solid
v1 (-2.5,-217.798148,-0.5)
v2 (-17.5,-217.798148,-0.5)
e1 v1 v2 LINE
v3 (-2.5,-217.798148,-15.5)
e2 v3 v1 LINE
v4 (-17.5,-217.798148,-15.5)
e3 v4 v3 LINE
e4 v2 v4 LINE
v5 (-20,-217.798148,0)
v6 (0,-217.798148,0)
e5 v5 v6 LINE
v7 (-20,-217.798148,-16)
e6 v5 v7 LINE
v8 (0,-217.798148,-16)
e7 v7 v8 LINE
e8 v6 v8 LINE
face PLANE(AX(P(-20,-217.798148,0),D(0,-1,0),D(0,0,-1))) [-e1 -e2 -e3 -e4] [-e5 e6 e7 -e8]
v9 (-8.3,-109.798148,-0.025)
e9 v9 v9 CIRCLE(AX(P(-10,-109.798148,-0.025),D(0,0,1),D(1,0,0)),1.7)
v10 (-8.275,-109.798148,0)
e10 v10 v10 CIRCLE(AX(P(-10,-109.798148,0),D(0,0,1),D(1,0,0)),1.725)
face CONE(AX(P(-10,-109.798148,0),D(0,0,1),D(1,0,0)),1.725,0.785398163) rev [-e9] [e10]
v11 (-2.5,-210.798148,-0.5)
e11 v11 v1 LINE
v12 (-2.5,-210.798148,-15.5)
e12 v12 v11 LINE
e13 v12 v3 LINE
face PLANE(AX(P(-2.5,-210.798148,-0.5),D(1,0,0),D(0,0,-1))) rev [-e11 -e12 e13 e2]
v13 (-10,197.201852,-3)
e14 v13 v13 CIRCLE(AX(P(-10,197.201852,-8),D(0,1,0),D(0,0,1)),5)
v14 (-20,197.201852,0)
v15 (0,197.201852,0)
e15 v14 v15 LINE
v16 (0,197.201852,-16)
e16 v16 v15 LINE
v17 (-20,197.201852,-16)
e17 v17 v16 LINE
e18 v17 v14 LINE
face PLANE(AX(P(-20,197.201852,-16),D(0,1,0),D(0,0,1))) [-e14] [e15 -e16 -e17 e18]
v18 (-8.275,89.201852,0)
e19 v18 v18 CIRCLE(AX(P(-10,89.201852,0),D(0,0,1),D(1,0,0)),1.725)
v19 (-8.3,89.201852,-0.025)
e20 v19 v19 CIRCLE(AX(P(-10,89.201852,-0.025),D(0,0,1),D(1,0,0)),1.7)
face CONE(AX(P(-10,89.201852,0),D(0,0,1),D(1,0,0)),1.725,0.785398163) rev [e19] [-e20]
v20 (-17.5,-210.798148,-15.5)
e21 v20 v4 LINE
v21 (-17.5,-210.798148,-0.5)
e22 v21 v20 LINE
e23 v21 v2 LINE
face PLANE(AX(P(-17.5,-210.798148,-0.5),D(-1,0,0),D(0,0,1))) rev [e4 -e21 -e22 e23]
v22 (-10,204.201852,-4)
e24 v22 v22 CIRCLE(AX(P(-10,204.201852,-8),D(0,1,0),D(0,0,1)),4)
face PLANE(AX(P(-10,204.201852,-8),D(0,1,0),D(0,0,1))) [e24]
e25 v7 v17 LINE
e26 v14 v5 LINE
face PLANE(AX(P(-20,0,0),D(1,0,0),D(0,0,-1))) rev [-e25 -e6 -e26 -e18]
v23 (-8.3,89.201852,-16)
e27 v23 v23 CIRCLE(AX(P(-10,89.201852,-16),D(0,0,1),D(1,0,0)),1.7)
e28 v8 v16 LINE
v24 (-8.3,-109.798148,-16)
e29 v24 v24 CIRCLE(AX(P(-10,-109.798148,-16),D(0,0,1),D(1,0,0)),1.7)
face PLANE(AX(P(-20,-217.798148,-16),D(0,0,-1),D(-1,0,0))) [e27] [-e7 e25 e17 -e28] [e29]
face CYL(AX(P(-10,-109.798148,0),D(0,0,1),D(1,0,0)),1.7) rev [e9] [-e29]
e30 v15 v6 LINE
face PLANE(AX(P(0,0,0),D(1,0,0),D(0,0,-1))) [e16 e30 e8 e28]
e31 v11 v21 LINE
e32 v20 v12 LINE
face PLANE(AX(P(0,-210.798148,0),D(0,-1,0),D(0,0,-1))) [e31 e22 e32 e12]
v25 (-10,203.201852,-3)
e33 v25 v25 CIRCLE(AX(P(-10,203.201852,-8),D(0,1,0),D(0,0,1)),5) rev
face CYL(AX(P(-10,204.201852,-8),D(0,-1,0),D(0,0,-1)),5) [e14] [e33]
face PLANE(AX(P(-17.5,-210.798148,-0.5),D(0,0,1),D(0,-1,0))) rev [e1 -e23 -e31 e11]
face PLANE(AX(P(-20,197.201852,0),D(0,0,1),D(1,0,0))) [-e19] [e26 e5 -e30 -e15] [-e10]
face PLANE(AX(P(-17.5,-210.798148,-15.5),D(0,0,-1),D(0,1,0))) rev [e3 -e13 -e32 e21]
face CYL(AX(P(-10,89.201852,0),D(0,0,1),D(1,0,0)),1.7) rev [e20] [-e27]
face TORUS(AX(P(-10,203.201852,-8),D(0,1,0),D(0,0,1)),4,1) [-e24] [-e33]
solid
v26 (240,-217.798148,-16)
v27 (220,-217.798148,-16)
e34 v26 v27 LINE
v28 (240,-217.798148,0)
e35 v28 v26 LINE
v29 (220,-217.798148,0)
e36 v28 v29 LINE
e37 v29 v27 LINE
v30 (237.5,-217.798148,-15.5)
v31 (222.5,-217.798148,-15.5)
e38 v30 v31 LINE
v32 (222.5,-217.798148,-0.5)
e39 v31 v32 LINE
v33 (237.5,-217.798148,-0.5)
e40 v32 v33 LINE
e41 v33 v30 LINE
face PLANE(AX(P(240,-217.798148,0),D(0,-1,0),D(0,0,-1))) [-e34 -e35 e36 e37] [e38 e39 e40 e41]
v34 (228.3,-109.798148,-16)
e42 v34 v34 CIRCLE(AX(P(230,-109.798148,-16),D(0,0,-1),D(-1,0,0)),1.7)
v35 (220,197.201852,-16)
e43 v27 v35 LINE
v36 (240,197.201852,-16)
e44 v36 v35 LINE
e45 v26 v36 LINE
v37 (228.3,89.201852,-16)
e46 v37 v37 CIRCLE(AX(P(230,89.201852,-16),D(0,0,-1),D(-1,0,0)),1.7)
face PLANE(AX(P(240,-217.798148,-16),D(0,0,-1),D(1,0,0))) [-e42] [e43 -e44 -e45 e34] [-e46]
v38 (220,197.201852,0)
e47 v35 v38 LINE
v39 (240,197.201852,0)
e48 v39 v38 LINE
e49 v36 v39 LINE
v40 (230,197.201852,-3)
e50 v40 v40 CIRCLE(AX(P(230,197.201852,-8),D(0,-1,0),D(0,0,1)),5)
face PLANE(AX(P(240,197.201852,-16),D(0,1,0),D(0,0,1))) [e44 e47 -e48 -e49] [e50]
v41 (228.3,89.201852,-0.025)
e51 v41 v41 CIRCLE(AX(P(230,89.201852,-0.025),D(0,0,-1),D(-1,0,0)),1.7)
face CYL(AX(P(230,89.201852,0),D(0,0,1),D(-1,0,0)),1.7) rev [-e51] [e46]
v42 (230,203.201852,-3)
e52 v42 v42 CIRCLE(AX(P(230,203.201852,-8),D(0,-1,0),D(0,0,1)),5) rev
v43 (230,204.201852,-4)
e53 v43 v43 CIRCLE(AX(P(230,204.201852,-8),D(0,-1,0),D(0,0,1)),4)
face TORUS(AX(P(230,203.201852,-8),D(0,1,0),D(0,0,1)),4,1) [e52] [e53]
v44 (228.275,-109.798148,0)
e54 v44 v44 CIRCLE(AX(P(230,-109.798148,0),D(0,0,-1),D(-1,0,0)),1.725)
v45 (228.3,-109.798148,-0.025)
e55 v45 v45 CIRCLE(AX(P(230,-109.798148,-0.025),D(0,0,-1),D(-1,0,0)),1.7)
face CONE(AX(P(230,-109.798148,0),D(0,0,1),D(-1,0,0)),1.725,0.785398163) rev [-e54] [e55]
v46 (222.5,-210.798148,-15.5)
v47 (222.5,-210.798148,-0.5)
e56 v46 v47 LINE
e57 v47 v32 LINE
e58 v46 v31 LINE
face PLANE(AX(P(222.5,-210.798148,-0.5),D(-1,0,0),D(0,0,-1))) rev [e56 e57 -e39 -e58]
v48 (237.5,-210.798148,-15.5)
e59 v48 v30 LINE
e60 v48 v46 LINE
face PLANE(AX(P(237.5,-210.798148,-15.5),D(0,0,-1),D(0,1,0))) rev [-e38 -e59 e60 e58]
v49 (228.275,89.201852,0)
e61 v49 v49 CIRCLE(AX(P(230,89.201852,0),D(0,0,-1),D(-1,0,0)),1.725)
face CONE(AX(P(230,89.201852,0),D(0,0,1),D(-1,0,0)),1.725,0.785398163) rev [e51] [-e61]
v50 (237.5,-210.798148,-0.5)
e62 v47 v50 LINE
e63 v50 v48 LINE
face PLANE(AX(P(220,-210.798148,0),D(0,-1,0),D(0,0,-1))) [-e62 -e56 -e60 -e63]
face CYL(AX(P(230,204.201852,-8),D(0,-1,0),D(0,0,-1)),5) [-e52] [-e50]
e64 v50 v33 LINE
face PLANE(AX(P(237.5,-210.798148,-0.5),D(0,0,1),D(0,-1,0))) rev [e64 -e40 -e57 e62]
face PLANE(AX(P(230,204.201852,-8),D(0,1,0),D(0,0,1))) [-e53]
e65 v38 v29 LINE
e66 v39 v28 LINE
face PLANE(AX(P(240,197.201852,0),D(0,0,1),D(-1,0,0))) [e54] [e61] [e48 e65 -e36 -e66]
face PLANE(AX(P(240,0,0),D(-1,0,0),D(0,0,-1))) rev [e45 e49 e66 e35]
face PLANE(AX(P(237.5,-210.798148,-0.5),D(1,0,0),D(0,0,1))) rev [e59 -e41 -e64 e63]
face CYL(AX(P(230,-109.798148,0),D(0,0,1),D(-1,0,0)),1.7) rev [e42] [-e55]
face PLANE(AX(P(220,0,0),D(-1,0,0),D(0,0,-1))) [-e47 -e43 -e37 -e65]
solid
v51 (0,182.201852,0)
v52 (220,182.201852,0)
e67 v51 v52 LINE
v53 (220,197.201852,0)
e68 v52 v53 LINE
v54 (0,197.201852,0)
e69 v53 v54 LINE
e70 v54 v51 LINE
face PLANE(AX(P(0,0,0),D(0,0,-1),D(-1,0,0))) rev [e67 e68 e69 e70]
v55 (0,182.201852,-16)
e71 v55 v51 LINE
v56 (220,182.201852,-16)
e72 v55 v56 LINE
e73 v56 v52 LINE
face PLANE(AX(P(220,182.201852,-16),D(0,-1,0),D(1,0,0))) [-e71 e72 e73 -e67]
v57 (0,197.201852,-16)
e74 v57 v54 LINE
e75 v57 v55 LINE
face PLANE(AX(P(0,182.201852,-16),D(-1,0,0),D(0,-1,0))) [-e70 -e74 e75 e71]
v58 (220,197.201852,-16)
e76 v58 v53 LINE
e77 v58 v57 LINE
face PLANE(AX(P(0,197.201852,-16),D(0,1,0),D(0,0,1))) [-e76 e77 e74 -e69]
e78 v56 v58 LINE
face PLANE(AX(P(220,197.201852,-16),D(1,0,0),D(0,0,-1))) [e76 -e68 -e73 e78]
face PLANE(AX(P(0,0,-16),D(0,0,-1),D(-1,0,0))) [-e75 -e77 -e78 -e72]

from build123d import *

# Parameters (mm, degrees)
SKETCH1_W                      = 16
SKETCH1_H                      = 415
BOSS_EXTRUDE1_DEPTH            = 20
SKETCH5_R                      = 5
BOSS_EXTRUDE2_DEPTH            = 7
FILLET1_R                      = 1
M3_CLEARANCE_HOLE1_D           = 3.4
M3_CLEARANCE_HOLE1_CSINK_D     = 3.45
M3_CLEARANCE_HOLE1_CSINK_ANGLE = 90
SKETCH8_W                      = 15
SKETCH8_H                      = 15
CUT_EXTRUDE1_DEPTH             = 7
SKETCH14_W                     = 220
SKETCH14_H                     = 15
BOSS_EXTRUDE3_DEPTH            = 16


with BuildPart() as part:
    # Sketch1 → Boss-Extrude1 (new body)
    with BuildSketch(Plane(origin=(0, 0, 0), x_dir=(0, 0, -1), z_dir=(1, 0, 0))):
        with Locations((8, -10.298148148)):
            Rectangle(SKETCH1_W, SKETCH1_H)
    extrude(amount=-BOSS_EXTRUDE1_DEPTH)

    # Sketch5 → Boss-Extrude2 (add)
    with BuildSketch(Plane(origin=(0, 197.201851852, 0), x_dir=(1, 0, 0), z_dir=(0, 1, 0))):
        with Locations((-10, 8)):
            Circle(SKETCH5_R)
    extrude(amount=BOSS_EXTRUDE2_DEPTH)

    # Fillet1
    fillet1_edges = [part.edges().sort_by_distance(p)[0] for p in [
        (-15, 204.201851852, -8),
    ]]
    fillet(fillet1_edges, radius=FILLET1_R)

    # M3 Clearance Hole1 (through all)
    with Locations(Plane(origin=(-10, 89.201851852, 0), x_dir=(1, 0, 0), z_dir=(0, 0, 1))):
        with Locations((0, 0), (0, -199)):
            CounterSinkHole(M3_CLEARANCE_HOLE1_D / 2, M3_CLEARANCE_HOLE1_CSINK_D / 2, counter_sink_angle=M3_CLEARANCE_HOLE1_CSINK_ANGLE)

    # Sketch8 → Cut-Extrude1 (cut)
    with BuildSketch(Plane.XZ.offset(217.798148148)):
        with Locations((-10, -8)):
            Rectangle(SKETCH8_W, SKETCH8_H)
    extrude(amount=-CUT_EXTRUDE1_DEPTH, mode=Mode.SUBTRACT)


with BuildPart() as body_2:
    # Mirror7: mirrored copy
    add(part.part.mirror(Plane.ZY.offset(-110)))


with BuildPart() as body_3:
    # Sketch14 → Boss-Extrude3 (new body)
    with BuildSketch(Plane.XY):
        with Locations((110, 189.701851852)):
            Rectangle(SKETCH14_W, SKETCH14_H)
    extrude(amount=-BOSS_EXTRUDE3_DEPTH)


solid = Compound([part.part, body_2.part, body_3.part])
